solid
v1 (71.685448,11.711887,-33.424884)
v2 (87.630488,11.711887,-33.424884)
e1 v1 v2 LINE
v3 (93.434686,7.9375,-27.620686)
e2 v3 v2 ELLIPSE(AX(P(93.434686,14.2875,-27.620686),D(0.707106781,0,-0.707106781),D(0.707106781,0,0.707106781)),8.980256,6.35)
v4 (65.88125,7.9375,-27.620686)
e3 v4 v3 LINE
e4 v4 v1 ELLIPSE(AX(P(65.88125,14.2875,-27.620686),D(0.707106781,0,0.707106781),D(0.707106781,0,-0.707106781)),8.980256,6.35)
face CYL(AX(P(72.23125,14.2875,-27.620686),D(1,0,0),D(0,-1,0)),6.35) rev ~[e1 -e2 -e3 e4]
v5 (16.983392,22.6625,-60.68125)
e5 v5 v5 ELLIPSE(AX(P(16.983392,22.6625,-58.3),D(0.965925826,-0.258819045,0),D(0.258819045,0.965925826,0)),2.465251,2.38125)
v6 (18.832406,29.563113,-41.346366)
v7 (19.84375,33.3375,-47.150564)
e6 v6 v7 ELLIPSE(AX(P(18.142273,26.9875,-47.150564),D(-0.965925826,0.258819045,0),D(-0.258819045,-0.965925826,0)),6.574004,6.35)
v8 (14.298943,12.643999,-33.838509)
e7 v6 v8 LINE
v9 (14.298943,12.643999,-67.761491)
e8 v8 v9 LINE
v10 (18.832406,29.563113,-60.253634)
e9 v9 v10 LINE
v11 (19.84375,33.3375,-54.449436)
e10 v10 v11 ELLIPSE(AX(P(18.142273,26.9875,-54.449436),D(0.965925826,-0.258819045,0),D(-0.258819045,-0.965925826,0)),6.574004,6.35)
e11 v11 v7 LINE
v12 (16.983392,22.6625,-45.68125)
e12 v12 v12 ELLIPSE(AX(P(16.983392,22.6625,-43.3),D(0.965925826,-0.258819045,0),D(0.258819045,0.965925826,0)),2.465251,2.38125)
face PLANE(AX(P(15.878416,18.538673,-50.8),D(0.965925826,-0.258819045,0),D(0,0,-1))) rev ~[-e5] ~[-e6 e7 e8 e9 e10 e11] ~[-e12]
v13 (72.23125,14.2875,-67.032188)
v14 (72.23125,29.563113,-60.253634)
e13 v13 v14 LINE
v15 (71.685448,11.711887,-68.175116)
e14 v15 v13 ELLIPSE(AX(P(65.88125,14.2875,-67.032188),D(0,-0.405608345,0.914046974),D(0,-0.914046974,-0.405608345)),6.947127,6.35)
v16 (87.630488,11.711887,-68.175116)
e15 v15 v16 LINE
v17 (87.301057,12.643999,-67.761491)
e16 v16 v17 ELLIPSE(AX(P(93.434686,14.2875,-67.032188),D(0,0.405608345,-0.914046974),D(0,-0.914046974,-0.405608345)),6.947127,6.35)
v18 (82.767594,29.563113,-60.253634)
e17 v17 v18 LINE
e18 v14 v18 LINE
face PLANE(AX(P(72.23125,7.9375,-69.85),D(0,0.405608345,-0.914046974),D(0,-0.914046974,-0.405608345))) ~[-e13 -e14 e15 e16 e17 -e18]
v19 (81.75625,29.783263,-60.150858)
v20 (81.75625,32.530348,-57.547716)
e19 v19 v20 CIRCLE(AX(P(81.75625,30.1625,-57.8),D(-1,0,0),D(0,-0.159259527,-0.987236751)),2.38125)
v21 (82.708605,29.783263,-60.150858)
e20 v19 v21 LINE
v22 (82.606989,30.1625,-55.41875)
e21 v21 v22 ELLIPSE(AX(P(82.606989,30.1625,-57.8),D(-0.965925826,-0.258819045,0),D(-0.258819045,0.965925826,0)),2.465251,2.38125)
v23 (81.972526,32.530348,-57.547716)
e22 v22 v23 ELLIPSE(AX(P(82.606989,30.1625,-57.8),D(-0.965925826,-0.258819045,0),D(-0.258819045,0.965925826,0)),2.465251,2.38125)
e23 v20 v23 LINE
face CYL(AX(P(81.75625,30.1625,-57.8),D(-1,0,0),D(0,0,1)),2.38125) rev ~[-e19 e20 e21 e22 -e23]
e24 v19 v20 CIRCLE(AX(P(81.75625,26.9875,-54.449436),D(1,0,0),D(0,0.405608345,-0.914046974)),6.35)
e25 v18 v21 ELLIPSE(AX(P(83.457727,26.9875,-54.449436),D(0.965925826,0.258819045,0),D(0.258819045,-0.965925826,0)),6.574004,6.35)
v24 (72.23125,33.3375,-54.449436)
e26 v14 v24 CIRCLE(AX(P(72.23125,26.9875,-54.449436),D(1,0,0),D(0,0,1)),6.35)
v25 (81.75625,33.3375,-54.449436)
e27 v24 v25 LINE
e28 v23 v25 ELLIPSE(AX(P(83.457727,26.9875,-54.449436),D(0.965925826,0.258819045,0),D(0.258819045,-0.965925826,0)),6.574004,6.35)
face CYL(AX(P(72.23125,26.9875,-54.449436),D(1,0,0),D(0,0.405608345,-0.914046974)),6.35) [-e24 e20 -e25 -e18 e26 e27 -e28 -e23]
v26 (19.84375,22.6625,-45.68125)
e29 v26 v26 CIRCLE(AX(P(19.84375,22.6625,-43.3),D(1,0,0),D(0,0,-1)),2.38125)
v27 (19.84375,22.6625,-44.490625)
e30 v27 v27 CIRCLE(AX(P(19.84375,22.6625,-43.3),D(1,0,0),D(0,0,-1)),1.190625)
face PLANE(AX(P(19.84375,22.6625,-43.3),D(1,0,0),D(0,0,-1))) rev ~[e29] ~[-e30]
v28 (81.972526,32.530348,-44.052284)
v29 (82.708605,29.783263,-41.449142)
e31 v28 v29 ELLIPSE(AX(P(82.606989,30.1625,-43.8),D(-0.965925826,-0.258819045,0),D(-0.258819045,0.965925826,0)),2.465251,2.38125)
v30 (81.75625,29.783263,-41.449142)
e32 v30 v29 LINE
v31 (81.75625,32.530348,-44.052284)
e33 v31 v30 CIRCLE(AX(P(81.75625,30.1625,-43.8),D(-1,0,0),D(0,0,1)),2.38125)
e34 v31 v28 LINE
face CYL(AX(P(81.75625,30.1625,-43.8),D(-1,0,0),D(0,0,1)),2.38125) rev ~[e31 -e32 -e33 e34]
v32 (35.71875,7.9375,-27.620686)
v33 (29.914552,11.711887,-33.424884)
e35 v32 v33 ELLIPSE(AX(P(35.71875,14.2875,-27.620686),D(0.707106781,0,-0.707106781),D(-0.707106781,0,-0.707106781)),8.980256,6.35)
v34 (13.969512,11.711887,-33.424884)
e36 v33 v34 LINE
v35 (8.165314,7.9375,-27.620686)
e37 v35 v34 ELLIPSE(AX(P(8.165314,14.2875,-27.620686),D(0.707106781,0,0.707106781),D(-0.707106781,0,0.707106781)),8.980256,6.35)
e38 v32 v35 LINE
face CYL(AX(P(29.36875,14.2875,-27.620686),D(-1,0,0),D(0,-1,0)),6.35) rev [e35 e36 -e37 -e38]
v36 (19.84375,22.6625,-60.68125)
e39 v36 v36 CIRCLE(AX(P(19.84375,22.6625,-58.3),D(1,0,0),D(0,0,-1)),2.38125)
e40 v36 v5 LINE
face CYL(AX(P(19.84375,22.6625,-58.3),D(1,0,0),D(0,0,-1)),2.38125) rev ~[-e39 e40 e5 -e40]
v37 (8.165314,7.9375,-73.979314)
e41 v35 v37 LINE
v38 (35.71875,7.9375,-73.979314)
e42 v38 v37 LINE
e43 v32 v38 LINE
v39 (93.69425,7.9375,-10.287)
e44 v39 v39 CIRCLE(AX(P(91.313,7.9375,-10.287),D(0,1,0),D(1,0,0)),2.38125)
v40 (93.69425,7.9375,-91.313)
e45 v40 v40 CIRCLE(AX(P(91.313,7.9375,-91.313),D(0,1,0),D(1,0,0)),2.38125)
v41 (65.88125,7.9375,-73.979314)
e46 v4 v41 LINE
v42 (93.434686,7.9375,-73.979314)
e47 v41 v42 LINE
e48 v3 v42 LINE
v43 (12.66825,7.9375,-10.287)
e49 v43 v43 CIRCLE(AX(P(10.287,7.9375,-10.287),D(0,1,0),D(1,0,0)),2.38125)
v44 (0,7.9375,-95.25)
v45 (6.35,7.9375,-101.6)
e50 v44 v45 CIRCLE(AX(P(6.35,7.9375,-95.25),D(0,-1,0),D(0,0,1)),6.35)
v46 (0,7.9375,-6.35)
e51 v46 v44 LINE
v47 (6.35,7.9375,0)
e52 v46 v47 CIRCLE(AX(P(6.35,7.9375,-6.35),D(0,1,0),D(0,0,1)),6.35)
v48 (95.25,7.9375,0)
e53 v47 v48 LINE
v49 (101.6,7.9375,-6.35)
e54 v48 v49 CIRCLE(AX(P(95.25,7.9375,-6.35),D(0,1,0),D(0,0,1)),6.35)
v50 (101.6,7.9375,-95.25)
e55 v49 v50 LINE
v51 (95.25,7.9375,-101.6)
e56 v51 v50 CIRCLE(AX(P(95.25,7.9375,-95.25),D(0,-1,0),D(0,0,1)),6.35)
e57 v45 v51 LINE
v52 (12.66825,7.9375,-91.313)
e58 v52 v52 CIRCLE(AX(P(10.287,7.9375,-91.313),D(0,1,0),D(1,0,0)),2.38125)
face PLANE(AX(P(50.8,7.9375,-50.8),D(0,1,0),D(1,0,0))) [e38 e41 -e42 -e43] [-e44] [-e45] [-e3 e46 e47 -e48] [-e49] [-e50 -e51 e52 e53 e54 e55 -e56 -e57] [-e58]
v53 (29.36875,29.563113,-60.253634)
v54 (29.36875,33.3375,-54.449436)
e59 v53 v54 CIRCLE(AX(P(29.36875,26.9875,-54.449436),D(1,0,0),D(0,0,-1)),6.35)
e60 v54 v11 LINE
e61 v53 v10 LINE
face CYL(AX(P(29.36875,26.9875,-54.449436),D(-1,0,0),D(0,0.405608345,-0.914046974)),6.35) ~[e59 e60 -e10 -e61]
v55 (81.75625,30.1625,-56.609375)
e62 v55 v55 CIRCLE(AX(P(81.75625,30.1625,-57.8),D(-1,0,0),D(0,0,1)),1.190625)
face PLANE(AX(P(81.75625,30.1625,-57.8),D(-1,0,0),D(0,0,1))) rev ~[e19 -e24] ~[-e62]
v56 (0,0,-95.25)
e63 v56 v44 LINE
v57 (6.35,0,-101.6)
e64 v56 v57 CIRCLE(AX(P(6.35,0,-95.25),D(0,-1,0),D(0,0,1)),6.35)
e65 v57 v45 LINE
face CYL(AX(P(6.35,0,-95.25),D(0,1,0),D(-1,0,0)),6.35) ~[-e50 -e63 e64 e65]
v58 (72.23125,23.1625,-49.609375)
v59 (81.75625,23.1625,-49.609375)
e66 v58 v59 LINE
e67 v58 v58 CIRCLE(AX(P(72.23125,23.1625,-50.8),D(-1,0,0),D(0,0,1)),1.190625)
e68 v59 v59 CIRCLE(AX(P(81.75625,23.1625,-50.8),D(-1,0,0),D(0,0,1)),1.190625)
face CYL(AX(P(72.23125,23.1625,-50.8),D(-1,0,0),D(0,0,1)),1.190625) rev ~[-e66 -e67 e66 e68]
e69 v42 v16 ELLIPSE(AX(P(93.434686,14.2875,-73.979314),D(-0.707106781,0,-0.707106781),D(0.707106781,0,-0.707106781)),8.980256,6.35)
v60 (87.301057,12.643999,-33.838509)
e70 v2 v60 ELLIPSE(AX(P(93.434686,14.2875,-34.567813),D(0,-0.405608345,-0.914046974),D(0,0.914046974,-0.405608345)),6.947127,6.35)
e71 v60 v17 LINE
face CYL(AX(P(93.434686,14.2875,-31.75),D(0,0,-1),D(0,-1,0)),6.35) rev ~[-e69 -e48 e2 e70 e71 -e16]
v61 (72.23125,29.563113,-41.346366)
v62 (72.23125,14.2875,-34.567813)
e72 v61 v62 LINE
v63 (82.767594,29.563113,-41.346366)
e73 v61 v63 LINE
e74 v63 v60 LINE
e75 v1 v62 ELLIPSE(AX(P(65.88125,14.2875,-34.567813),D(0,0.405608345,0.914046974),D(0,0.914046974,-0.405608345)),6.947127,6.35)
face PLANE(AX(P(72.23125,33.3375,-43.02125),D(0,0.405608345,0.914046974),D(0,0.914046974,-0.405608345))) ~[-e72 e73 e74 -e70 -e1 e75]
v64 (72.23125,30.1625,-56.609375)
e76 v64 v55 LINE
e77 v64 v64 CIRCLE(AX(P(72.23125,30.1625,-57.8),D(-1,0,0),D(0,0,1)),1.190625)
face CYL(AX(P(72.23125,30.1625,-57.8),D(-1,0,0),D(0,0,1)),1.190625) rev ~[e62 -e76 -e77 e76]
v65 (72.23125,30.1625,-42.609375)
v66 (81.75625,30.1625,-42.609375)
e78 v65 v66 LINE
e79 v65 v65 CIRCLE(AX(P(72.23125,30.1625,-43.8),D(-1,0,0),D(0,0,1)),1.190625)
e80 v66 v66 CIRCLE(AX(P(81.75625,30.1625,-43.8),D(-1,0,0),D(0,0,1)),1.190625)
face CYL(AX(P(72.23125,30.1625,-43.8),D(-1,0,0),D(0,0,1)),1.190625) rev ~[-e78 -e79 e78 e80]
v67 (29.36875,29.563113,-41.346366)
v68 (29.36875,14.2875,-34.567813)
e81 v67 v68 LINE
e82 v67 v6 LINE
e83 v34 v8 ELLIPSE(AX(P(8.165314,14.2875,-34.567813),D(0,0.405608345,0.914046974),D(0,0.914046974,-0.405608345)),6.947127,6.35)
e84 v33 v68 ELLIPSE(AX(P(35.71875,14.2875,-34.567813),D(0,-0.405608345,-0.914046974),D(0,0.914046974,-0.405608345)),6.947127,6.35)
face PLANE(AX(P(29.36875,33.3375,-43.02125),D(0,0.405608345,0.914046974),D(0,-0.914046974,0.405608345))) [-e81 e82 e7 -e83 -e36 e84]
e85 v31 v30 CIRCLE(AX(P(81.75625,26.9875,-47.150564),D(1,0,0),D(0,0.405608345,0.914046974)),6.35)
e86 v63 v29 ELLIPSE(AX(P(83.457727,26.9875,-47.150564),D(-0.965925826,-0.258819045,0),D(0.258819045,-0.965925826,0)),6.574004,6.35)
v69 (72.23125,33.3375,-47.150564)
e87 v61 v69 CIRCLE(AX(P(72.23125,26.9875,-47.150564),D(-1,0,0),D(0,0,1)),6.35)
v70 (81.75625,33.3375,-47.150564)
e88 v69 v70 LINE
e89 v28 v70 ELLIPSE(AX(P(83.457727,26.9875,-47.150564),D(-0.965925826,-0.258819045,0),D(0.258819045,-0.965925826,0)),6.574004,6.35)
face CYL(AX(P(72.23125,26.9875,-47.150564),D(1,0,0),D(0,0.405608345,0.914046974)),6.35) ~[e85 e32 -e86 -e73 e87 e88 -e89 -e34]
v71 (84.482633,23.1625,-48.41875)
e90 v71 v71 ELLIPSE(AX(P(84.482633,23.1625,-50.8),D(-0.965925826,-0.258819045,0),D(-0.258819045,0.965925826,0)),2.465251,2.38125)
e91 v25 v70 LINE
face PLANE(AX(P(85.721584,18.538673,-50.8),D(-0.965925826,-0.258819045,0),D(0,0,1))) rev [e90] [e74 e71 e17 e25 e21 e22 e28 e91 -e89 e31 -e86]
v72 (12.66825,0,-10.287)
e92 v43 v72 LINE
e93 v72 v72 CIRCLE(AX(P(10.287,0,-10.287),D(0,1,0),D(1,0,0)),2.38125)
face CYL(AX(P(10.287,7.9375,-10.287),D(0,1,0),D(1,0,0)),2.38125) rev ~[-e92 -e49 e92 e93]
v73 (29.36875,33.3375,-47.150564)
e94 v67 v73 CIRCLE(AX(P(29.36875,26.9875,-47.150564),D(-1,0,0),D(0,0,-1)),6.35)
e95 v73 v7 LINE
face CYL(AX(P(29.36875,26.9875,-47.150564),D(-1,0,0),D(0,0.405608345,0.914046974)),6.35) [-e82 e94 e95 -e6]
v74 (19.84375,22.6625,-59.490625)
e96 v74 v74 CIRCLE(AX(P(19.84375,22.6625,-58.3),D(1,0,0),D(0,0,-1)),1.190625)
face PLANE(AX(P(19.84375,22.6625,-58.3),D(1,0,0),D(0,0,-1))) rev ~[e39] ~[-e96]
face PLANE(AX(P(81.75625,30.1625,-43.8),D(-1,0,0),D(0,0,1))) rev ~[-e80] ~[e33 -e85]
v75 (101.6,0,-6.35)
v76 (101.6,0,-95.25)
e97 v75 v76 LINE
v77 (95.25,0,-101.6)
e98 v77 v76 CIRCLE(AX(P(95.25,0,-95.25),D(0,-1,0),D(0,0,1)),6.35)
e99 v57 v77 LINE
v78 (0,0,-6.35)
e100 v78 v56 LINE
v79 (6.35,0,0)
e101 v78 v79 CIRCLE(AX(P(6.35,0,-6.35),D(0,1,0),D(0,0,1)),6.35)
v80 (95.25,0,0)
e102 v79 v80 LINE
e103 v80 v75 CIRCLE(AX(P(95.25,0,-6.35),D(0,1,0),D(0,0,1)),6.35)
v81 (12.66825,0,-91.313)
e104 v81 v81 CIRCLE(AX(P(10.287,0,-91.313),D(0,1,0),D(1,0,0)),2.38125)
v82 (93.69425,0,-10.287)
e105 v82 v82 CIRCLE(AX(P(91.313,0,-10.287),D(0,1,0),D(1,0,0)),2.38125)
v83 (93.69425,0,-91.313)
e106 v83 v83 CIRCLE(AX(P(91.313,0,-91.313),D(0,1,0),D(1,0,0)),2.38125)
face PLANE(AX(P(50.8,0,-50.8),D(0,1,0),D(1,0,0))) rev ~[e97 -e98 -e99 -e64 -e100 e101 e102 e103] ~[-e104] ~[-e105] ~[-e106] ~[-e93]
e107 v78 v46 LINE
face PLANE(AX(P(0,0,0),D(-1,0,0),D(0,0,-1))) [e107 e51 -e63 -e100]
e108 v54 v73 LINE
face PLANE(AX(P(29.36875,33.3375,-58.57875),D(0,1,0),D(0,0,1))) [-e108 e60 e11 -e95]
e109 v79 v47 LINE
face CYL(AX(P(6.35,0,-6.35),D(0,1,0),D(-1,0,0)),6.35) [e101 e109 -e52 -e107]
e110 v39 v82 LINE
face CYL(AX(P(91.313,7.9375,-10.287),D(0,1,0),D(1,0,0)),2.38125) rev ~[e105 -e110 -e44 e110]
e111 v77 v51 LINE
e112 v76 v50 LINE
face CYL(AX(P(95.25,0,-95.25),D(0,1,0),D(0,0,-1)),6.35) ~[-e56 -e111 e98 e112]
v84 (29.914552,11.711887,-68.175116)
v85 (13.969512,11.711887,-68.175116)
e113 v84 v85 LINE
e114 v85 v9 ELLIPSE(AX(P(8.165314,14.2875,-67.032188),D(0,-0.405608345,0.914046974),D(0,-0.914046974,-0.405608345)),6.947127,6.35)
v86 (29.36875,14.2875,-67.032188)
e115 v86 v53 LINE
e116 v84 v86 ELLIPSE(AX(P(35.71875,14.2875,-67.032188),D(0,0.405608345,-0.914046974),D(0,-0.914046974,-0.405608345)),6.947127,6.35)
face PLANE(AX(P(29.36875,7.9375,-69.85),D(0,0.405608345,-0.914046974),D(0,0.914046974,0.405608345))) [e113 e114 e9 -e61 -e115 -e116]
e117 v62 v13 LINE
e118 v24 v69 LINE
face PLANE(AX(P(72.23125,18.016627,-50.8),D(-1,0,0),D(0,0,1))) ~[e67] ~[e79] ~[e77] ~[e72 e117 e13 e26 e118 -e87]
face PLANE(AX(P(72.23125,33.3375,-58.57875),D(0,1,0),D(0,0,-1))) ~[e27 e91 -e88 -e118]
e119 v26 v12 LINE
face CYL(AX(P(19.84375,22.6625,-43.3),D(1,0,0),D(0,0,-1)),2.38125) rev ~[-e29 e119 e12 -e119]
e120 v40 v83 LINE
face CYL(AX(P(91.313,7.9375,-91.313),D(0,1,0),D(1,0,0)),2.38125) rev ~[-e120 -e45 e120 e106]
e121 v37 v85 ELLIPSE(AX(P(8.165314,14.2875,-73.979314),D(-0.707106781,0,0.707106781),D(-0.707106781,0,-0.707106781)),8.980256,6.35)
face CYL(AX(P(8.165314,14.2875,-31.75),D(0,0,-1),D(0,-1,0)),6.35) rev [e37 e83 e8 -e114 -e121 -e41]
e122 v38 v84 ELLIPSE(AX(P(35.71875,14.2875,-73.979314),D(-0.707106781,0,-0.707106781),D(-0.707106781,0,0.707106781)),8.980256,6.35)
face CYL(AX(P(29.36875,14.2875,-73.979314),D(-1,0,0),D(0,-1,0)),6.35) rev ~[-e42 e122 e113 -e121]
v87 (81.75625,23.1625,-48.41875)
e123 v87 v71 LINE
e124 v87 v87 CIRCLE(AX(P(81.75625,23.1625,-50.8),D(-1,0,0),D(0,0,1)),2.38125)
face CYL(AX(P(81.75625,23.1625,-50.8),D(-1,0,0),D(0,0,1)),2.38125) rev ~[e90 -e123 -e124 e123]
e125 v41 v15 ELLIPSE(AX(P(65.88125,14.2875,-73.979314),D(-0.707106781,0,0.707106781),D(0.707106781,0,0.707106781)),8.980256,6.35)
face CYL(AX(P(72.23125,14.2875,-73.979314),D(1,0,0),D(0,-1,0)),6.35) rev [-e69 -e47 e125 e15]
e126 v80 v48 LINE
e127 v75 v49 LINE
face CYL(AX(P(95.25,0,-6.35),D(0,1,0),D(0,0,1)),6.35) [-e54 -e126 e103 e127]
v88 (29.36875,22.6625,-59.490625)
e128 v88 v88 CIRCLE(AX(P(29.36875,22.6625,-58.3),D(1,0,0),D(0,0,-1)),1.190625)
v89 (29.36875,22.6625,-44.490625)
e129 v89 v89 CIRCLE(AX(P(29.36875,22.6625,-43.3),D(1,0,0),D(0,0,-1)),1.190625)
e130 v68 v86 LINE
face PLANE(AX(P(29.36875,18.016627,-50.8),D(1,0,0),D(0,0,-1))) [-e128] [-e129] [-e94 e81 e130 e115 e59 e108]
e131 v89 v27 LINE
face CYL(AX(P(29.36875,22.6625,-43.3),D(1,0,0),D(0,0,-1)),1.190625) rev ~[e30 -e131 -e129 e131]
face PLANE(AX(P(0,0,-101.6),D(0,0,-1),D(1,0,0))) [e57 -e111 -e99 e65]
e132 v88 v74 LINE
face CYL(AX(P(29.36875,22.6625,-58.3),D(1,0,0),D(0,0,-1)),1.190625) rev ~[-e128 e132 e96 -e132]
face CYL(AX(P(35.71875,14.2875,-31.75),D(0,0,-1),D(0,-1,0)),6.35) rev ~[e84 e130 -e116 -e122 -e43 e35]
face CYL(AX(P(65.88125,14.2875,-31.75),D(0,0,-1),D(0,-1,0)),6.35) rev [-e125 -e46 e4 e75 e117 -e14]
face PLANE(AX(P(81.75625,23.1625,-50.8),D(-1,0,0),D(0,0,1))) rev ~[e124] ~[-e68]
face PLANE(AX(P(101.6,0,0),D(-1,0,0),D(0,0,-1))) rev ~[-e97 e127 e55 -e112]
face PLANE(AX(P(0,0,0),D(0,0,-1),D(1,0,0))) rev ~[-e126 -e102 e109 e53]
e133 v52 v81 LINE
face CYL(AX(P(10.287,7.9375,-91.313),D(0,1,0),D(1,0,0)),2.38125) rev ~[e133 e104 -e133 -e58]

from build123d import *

# Parameters (mm, degrees)
SKETCH1_W           = 101.6
SKETCH1_H           = 101.6
BOSS_EXTRUDE1_DEPTH = 7.9375
BOSS_EXTRUDE2_DEPTH = 9.525
DRAFT2_ANGLE        = 15
DRAFT3_ANGLE        = 15
FILLET3_R           = 6.35
CUT_EXTRUDE1_REACH  = 31.369
SKETCH3_R           = 1.190625
SKETCH4_R           = 2.38125
CUT_EXTRUDE2_DEPTH  = 6.35
SKETCH5_R           = 2.38125
CUT_EXTRUDE3_DEPTH  = 7.9375
CUT_EXTRUDE4_REACH  = 31.369
SKETCH6_R           = 1.190625
CUT_EXTRUDE5_REACH  = 21.844
SKETCH7_R           = 2.38125
SKETCH7_R_2         = 1.190625
FILLET4_R           = 6.35


with BuildPart() as part:
    # Sketch1 → Boss-Extrude1 (new body)
    with BuildSketch(Plane(origin=(0, 0, 0), x_dir=(1, 0, 0), z_dir=(0, 1, 0))):
        with Locations((50.8, 50.8)):
            Rectangle(SKETCH1_W, SKETCH1_H)
    extrude(amount=BOSS_EXTRUDE1_DEPTH)

    # Sketch2 → Boss-Extrude2 (add)
    with BuildSketch(Plane.ZY.offset(-29.36875)):
        Polygon((-31.75, 7.9375), (-69.85, 7.9375), (-58.57875, 33.3375), (-43.02125, 33.3375), align=None)
    boss_extrude2 = extrude(amount=BOSS_EXTRUDE2_DEPTH)

    # Draft2
    draft2_faces = [part.faces().sort_by_distance(p)[0] for p in [
        (19.84375, 18.858999014, -50.8),
    ]]
    draft(draft2_faces, Plane(origin=(19.84375, 33.3375, -58.57875), x_dir=(0, 0, 1), z_dir=(0, 1, 0)), DRAFT2_ANGLE)

    # Mirror2: Boss-Extrude2 across plane
    add(boss_extrude2.mirror(Plane.ZY.offset(-50.8)))

    # Draft3
    draft3_faces = [part.faces().sort_by_distance(p)[0] for p in [
        (81.75625, 18.858999014, -50.8),
    ]]
    draft(draft3_faces, Plane(origin=(81.75625, 33.3375, -58.57875), x_dir=(0, 0, 1), z_dir=(0, 1, 0)), DRAFT3_ANGLE)

    # Fillet3
    fillet3_edges = [part.edges().sort_by_distance(p)[0] for p in [
        (21.203295256, 7.9375, -31.75),
        (24.60625, 33.3375, -43.02125),
        (24.60625, 33.3375, -58.57875),
        (29.36875, 7.9375, -50.8),
        (21.203295256, 7.9375, -69.85),
        (13.037840512, 7.9375, -50.8),
        (76.99375, 33.3375, -43.02125),
        (88.562159488, 7.9375, -50.8),
        (80.396704744, 7.9375, -31.75),
        (80.396704744, 7.9375, -69.85),
        (76.99375, 33.3375, -58.57875),
        (72.23125, 7.9375, -50.8),
    ]]
    fillet(fillet3_edges, radius=FILLET3_R)

    # Cut-Extrude1: up to this face of the body (flat: up to its plane)
    cut_extrude1_end = Plane(part.part.faces().sort_by_distance((84.905739541, 21.583445016, -50.8))[0])
    # Sketch3 → Cut-Extrude1 (cut, up to the picked face)
    with BuildSketch(Plane.ZY.offset(-72.23125), mode=Mode.PRIVATE) as cut_extrude1_sk1:
        with Locations((-57.8, 30.1625)):
            Circle(SKETCH3_R)
    cut_extrude1_tool1 = split(extrude(cut_extrude1_sk1.sketch, amount=-CUT_EXTRUDE1_REACH, mode=Mode.PRIVATE), bisect_by=cut_extrude1_end, keep=Keep.BOTH, mode=Mode.PRIVATE)
    add(cut_extrude1_tool1.solids().sort_by_distance((72.23125, 30.1625, -57.8))[0], mode=Mode.SUBTRACT)
    # Sketch3 → Cut-Extrude1 (cut, up to the picked face)
    with BuildSketch(Plane.ZY.offset(-72.23125), mode=Mode.PRIVATE) as cut_extrude1_sk2:
        with Locations((-43.8, 30.1625)):
            Circle(SKETCH3_R)
    cut_extrude1_tool2 = split(extrude(cut_extrude1_sk2.sketch, amount=-CUT_EXTRUDE1_REACH, mode=Mode.PRIVATE), bisect_by=cut_extrude1_end, keep=Keep.BOTH, mode=Mode.PRIVATE)
    add(cut_extrude1_tool2.solids().sort_by_distance((72.23125, 30.1625, -43.8))[0], mode=Mode.SUBTRACT)
    # Sketch3 → Cut-Extrude1 (cut, up to the picked face)
    with BuildSketch(Plane.ZY.offset(-72.23125), mode=Mode.PRIVATE) as cut_extrude1_sk3:
        with Locations((-50.8, 23.1625)):
            Circle(SKETCH3_R)
    cut_extrude1_tool3 = split(extrude(cut_extrude1_sk3.sketch, amount=-CUT_EXTRUDE1_REACH, mode=Mode.PRIVATE), bisect_by=cut_extrude1_end, keep=Keep.BOTH, mode=Mode.PRIVATE)
    add(cut_extrude1_tool3.solids().sort_by_distance((72.23125, 23.1625, -50.8))[0], mode=Mode.SUBTRACT)

    # Sketch4 → Cut-Extrude2 (cut)
    with BuildSketch(Plane.ZY.offset(-81.75625)):
        with Locations((-43.8, 30.1625)):
            Circle(SKETCH4_R)
        with Locations((-57.8, 30.1625)):
            Circle(SKETCH4_R)
        with Locations((-50.8, 23.1625)):
            Circle(SKETCH4_R)
    extrude(amount=-CUT_EXTRUDE2_DEPTH, mode=Mode.SUBTRACT)

    # Sketch5 → Cut-Extrude3 (cut)
    with BuildSketch(Plane(origin=(0, 7.9375, 0), x_dir=(1, 0, 0), z_dir=(0, 1, 0))):
        with Locations((10.287, 91.313)):
            Circle(SKETCH5_R)
        with Locations((10.287, 10.287)):
            Circle(SKETCH5_R)
        with Locations((91.313, 10.287)):
            Circle(SKETCH5_R)
        with Locations((91.313, 91.313)):
            Circle(SKETCH5_R)
    extrude(amount=-CUT_EXTRUDE3_DEPTH, mode=Mode.SUBTRACT)

    # Cut-Extrude4: up to this face of the body (flat: up to its plane)
    cut_extrude4_end = Plane(part.part.faces().sort_by_distance((16.694260459, 21.583445016, -50.8))[0])
    # Sketch6 → Cut-Extrude4 (cut, up to the picked face)
    with BuildSketch(Plane(origin=(29.36875, 0, 0), x_dir=(0, 0, -1), z_dir=(1, 0, 0)), mode=Mode.PRIVATE) as cut_extrude4_sk1:
        with Locations((43.3, 22.6625)):
            Circle(SKETCH6_R)
    cut_extrude4_tool1 = split(extrude(cut_extrude4_sk1.sketch, amount=-CUT_EXTRUDE4_REACH, mode=Mode.PRIVATE), bisect_by=cut_extrude4_end, keep=Keep.BOTH, mode=Mode.PRIVATE)
    add(cut_extrude4_tool1.solids().sort_by_distance((29.36875, 22.6625, -43.3))[0], mode=Mode.SUBTRACT)
    # Sketch6 → Cut-Extrude4 (cut, up to the picked face)
    with BuildSketch(Plane(origin=(29.36875, 0, 0), x_dir=(0, 0, -1), z_dir=(1, 0, 0)), mode=Mode.PRIVATE) as cut_extrude4_sk2:
        with Locations((58.3, 22.6625)):
            Circle(SKETCH6_R)
    cut_extrude4_tool2 = split(extrude(cut_extrude4_sk2.sketch, amount=-CUT_EXTRUDE4_REACH, mode=Mode.PRIVATE), bisect_by=cut_extrude4_end, keep=Keep.BOTH, mode=Mode.PRIVATE)
    add(cut_extrude4_tool2.solids().sort_by_distance((29.36875, 22.6625, -58.3))[0], mode=Mode.SUBTRACT)

    # Sketch7 → Cut-Extrude5 (cut, up to next)
    with BuildSketch(Plane(origin=(19.84375, 0, 0), x_dir=(0, 0, -1), z_dir=(1, 0, 0)), mode=Mode.PRIVATE) as cut_extrude5_sk1:
        with Locations((58.3, 22.6625)):
            Circle(SKETCH7_R)
        with Locations((58.3, 22.6625)):
            Circle(SKETCH7_R_2, mode=Mode.SUBTRACT)
    cut_extrude5_tool1 = extrude(cut_extrude5_sk1.sketch, amount=-CUT_EXTRUDE5_REACH, mode=Mode.PRIVATE) & part.part
    add(cut_extrude5_tool1.solids().sort_by_distance((19.84375, 22.6625, -55.986102))[0], mode=Mode.SUBTRACT)
    # Sketch7 → Cut-Extrude5 (cut, up to next)
    with BuildSketch(Plane(origin=(19.84375, 0, 0), x_dir=(0, 0, -1), z_dir=(1, 0, 0)), mode=Mode.PRIVATE) as cut_extrude5_sk2:
        with Locations((43.3, 22.6625)):
            Circle(SKETCH7_R)
        with Locations((43.3, 22.6625)):
            Circle(SKETCH7_R_2, mode=Mode.SUBTRACT)
    cut_extrude5_tool2 = extrude(cut_extrude5_sk2.sketch, amount=-CUT_EXTRUDE5_REACH, mode=Mode.PRIVATE) & part.part
    add(cut_extrude5_tool2.solids().sort_by_distance((19.84375, 22.6625, -40.986102))[0], mode=Mode.SUBTRACT)

    # Fillet4
    fillet4_edges = [part.edges().sort_by_distance(p)[0] for p in [
        (0, 3.96875, -101.6),
        (101.6, 3.96875, -101.6),
        (101.6, 3.96875, 0),
        (0, 3.96875, 0),
    ]]
    fillet(fillet4_edges, radius=FILLET4_R)


solid = part.part
